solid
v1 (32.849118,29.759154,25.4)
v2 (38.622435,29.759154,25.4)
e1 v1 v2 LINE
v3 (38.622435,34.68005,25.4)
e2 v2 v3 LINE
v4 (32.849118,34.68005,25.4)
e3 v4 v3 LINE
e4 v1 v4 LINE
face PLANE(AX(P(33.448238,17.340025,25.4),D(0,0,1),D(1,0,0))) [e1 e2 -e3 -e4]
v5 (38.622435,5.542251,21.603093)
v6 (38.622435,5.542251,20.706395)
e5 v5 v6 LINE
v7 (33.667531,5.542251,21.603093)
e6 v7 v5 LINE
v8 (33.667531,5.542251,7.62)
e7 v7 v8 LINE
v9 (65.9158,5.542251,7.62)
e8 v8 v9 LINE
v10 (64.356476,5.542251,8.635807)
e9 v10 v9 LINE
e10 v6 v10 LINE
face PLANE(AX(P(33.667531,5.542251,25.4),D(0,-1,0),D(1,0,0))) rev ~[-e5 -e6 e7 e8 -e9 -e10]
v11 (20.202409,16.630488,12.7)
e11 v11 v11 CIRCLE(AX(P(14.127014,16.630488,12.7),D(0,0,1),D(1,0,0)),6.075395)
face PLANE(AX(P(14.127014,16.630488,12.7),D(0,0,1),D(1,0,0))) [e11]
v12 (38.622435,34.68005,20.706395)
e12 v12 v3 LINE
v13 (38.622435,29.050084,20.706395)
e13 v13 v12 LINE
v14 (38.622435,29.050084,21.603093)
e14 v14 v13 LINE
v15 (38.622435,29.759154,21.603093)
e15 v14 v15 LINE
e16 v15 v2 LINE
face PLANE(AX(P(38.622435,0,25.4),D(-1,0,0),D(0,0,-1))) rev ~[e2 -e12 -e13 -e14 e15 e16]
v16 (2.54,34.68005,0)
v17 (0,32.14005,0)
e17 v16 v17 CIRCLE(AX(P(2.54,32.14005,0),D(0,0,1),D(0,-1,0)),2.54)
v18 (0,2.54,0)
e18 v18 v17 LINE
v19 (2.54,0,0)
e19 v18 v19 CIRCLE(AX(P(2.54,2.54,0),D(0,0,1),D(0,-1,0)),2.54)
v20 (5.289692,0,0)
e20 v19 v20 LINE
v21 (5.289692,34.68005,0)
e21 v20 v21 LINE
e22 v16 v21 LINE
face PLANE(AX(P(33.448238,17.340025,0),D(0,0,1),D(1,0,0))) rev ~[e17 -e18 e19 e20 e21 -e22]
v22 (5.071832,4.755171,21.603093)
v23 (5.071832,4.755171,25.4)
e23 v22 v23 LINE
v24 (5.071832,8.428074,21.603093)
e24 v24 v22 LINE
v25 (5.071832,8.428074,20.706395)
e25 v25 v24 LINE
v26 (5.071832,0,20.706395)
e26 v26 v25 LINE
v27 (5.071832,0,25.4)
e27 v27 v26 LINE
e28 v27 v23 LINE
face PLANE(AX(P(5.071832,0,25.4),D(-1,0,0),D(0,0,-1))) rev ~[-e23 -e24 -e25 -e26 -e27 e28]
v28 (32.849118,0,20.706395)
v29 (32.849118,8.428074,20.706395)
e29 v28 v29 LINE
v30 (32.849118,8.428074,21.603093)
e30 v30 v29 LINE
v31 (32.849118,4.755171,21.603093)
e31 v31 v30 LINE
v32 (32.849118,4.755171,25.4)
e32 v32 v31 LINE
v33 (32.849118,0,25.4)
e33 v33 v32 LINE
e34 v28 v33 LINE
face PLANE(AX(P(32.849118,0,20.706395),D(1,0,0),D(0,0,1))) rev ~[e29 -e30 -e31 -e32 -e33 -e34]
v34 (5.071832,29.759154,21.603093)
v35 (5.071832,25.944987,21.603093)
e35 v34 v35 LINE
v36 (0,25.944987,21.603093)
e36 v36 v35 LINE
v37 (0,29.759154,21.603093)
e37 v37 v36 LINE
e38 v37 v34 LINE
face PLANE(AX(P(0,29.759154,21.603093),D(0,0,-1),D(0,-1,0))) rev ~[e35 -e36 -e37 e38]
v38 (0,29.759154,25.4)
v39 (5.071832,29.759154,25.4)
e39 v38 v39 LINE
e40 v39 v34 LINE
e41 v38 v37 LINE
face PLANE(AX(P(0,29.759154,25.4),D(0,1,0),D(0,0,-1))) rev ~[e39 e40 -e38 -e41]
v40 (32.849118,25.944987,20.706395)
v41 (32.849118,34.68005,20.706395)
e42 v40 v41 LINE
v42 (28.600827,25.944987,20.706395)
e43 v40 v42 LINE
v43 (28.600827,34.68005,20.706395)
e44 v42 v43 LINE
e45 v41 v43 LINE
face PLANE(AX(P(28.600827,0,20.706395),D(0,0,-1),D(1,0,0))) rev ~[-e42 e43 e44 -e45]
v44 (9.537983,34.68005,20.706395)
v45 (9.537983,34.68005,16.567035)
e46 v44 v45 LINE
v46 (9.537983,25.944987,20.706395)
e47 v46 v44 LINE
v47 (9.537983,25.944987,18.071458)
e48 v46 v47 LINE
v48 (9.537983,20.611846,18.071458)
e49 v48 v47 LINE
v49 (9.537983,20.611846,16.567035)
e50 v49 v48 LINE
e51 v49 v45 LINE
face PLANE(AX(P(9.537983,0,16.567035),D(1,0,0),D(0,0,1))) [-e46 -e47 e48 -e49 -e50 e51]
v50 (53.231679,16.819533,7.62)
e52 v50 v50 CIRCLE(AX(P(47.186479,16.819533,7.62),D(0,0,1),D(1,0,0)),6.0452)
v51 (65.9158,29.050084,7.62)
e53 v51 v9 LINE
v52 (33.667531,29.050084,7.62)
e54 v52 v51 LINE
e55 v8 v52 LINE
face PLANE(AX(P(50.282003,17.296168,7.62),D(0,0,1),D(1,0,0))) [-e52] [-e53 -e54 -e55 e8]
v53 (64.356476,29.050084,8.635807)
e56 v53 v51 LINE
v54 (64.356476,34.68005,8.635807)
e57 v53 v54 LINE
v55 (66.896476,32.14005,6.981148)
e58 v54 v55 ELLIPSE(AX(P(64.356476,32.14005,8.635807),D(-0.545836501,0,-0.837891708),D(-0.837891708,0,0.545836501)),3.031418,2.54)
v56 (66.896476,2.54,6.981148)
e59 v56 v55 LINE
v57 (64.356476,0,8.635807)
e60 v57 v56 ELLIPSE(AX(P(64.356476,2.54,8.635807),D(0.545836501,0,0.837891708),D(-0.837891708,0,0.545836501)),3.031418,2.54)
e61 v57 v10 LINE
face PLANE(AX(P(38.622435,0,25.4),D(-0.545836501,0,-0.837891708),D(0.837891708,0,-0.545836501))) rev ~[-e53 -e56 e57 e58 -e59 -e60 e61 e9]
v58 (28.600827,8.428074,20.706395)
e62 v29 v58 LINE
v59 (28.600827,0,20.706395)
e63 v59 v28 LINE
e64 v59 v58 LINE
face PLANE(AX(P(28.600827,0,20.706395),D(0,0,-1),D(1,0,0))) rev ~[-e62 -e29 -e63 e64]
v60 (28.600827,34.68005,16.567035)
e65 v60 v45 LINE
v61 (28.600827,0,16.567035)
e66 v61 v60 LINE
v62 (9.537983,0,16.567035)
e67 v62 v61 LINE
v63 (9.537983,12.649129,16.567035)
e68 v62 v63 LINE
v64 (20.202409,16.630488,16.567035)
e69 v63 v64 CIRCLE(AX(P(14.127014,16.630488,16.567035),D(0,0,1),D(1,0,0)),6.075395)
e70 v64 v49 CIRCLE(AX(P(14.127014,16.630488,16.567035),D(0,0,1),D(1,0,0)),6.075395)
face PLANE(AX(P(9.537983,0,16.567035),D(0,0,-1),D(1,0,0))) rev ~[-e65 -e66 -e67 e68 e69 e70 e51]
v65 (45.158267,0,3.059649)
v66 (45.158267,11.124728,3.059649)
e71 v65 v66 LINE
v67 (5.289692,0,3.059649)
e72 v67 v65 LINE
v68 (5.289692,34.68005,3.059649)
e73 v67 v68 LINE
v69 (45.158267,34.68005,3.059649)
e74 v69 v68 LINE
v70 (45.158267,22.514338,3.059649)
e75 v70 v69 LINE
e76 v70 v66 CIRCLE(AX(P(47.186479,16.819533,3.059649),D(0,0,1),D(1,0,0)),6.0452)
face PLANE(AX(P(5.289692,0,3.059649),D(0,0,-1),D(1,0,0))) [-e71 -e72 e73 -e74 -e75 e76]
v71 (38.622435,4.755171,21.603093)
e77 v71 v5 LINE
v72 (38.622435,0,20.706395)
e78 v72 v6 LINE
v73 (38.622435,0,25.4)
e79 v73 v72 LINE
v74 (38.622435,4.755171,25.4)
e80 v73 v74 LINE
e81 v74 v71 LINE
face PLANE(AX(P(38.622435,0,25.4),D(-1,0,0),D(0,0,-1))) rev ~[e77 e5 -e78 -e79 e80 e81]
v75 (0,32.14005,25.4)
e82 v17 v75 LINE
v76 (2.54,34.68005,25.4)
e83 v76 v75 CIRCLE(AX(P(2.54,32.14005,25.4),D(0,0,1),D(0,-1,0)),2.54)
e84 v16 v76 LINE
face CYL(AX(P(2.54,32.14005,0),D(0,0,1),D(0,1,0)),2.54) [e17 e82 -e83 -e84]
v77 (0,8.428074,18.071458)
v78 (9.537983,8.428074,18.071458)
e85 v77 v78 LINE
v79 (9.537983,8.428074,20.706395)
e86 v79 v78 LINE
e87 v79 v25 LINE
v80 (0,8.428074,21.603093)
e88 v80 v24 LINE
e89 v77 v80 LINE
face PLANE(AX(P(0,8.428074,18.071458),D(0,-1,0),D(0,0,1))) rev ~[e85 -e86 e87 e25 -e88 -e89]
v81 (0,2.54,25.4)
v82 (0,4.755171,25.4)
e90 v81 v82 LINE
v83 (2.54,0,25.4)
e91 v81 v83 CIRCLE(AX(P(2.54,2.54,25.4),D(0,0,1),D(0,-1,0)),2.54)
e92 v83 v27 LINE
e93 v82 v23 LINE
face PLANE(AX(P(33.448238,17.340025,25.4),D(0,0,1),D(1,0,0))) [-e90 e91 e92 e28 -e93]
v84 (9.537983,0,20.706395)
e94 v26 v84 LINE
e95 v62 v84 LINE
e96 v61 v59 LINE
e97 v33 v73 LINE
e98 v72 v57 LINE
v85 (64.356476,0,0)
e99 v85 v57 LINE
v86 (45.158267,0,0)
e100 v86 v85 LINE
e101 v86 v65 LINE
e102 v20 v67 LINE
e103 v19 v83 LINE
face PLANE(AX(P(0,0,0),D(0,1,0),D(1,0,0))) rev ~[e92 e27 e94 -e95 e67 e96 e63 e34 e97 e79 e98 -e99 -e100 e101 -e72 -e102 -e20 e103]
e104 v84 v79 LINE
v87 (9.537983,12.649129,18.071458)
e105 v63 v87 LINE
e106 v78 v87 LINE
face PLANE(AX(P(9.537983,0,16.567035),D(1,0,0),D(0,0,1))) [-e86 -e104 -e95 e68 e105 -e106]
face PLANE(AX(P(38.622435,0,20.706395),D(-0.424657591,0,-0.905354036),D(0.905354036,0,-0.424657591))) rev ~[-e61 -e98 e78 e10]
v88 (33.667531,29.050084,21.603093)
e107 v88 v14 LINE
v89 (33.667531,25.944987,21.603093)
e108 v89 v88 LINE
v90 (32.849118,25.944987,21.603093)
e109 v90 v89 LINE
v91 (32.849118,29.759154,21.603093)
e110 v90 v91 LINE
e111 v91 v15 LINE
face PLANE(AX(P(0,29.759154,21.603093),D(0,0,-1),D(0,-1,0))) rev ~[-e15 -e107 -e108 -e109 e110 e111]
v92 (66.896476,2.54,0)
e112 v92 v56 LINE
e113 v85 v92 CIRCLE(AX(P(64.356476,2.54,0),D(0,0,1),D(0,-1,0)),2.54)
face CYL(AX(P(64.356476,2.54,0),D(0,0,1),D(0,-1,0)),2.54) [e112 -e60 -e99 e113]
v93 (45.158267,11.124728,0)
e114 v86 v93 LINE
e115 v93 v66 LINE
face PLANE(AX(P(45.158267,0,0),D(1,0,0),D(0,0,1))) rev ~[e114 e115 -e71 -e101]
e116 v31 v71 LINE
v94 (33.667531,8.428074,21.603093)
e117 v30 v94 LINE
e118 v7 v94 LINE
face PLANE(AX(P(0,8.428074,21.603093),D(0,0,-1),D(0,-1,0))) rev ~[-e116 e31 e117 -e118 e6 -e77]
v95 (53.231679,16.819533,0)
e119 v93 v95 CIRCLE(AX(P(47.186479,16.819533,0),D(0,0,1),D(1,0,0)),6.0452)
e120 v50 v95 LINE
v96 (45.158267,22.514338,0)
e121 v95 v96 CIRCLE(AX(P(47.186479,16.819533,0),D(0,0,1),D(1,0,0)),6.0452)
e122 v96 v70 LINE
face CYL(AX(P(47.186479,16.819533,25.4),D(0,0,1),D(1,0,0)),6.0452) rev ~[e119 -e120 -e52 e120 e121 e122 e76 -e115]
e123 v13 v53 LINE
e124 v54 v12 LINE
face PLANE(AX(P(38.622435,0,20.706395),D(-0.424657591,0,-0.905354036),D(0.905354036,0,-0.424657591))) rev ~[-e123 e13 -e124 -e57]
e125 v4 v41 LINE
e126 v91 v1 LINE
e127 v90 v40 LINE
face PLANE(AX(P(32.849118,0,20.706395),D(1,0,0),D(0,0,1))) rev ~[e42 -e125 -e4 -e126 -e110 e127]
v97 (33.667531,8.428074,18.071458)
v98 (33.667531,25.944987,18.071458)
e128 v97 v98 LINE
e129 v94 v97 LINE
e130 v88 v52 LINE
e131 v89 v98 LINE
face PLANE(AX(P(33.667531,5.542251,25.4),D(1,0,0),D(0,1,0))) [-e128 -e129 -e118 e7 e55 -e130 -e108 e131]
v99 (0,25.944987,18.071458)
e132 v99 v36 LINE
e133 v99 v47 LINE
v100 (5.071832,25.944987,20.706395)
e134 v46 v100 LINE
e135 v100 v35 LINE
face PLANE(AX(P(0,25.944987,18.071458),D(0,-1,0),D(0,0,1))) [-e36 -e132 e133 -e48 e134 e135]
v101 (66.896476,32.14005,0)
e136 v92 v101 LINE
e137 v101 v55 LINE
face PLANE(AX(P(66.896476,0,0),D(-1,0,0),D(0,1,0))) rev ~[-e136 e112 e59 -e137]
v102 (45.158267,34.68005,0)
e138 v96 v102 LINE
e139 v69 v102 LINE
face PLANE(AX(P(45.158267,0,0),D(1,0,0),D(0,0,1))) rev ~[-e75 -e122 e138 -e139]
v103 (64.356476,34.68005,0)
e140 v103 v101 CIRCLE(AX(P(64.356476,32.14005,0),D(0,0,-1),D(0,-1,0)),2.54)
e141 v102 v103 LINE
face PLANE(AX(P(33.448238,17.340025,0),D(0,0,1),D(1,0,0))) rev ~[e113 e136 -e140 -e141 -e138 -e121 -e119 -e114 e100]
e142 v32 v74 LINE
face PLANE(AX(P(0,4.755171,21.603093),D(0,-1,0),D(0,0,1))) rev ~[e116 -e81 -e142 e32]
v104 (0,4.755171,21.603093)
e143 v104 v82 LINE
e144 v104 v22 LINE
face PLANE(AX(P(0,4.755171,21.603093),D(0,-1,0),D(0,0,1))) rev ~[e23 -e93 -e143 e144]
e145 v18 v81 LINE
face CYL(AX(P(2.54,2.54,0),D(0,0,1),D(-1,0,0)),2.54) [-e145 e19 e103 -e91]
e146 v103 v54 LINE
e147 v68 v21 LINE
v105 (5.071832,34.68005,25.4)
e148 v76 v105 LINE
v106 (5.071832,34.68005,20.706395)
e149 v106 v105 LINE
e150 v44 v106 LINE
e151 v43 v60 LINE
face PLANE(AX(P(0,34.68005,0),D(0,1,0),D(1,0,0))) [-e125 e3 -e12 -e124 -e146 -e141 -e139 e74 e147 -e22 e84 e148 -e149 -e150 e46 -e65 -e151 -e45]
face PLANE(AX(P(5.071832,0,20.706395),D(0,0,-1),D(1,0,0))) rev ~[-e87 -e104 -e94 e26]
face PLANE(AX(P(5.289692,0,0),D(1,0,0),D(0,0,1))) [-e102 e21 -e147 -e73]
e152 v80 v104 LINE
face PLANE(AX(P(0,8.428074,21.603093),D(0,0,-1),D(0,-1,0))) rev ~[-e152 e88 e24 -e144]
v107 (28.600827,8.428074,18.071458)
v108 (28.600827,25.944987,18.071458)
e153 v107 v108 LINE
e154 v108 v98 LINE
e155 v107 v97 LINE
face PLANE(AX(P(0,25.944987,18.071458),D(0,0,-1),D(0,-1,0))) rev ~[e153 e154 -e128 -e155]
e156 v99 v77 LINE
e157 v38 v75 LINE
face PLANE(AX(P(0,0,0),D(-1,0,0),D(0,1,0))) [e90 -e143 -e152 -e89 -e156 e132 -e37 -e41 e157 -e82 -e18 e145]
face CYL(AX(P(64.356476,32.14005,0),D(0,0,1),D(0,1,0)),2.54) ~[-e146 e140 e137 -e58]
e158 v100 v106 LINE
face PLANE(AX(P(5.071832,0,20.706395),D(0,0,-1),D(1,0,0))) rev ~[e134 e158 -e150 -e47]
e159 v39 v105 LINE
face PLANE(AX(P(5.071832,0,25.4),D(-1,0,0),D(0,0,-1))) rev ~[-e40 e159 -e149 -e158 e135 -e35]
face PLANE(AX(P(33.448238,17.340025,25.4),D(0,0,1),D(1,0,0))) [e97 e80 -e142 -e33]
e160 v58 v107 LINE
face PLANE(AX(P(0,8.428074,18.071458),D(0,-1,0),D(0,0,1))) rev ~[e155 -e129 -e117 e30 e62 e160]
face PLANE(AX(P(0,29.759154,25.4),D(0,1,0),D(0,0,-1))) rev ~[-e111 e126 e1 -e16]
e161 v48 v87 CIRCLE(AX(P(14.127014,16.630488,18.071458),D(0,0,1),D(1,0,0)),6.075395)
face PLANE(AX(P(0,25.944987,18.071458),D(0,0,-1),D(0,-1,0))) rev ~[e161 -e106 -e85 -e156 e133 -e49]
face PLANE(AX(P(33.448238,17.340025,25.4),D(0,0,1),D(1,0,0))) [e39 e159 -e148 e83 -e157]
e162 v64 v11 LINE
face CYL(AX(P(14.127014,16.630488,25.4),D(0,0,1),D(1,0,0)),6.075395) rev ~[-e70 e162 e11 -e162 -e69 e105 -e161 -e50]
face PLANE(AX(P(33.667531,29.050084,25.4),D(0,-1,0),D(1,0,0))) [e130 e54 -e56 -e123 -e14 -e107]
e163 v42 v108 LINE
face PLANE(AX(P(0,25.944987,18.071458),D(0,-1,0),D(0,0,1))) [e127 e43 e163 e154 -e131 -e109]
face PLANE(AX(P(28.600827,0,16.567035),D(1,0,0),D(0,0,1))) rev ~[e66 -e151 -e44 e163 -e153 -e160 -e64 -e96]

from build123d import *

# Parameters (mm, degrees)
F0_W      = 66.8964758515
F0_H      = 34.6800498664
F1_DEPTH  = 25.4
F2_R      = 6.0452
F3_DEPTH  = 25.401
F4_R      = 6.0753950253
F5_DEPTH  = 12.7
F6_W      = 33.2289449871
F6_H      = 23.5078325495
F6_R      = 6.0452
F7_DEPTH  = 17.78
F8_W      = 19.0628441051
F8_H      = 4.1393600404
F8_W_2    = 39.8685750552
F8_H_2    = 3.0596489087
F9_DEPTH  = 34.6810498664
F10_W     = 17.5169128925
F10_H     = 3.5316348076
F11_DEPTH = 66.8974758515
F12_R     = 2.54
F13_R     = 2.54
F15_DEPTH = 34.6810498664


with BuildPart() as f1:
    # F0 (on Top) → F1 (new body)
    with BuildSketch(Plane.XY):
        with Locations((33.4482379258, 17.3400249332)):
            Rectangle(F0_W, F0_H)
    extrude(amount=F1_DEPTH)

    # F2 (on face) → F3 (cut, through all)
    with BuildSketch(Plane.XY.offset(25.4)):
        with Locations((47.1864789724, 16.8195329607)):
            Circle(F2_R)
    extrude(amount=-F3_DEPTH, mode=Mode.SUBTRACT)

    # F4 (on face) → F5 (cut)
    with BuildSketch(Plane.XY.offset(25.4)):
        with Locations((14.1270142049, 16.6304875165)):
            Circle(F4_R)
    extrude(amount=-F5_DEPTH, mode=Mode.SUBTRACT)

    # F6 (on face) → F7 (cut)
    with BuildSketch(Plane.XY.offset(25.4)):
        with Locations((50.282003358, 17.2961675562)):
            Rectangle(F6_W, F6_H)
        with Locations((47.1864789724, 16.8195329607)):
            Circle(F6_R, mode=Mode.SUBTRACT)
    extrude(amount=-F7_DEPTH, mode=Mode.SUBTRACT)

    # F8 (on face) → F9 (cut, through all)
    with BuildSketch(Plane.XZ):
        with Locations((19.0694048069, 18.6367146671)):
            Rectangle(F8_W, F8_H)
        Polygon((32.8491181135, 25.4), (5.0718318671, 25.4), (5.0718318671, 20.7063946873), (9.5379827544, 20.7063946873), (28.6008268595, 20.7063946873), (32.8491181135, 20.7063946873), align=None)
        Polygon((66.8964758515, 25.4), (38.6224351823, 25.4), (66.8964758515, 6.9811479189), align=None)
        with Locations((25.2239794936, 1.5298244543)):
            Rectangle(F8_W_2, F8_H_2)
    extrude(amount=-F9_DEPTH, mode=Mode.SUBTRACT)

    # F10 (on face) → F11 (cut, through all)
    with BuildSketch(Plane(origin=(0, 0, 0), x_dir=(0, -1, 0), z_dir=(-1, 0, 0))):
        Polygon((-4.7551710159, 25.4), (-29.7591537237, 25.4), (-29.7591537237, 21.6030925512), (-25.944987312, 21.6030925512), (-8.4280744195, 21.6030925512), (-4.7551710159, 21.6030925512), align=None)
        with Locations((-17.1865308657, 19.8372751474)):
            Rectangle(F10_W, F10_H)
    extrude(amount=-F11_DEPTH, mode=Mode.SUBTRACT)

    # F12
    f12_edges = [f1.edges().sort_by_distance(p)[0] for p in [
        (66.896476, 0, 3.490574),
        (66.896476, 34.68005, 3.490574),
    ]]
    fillet(f12_edges, radius=F12_R)

    # F13
    f13_edges = [f1.edges().sort_by_distance(p)[0] for p in [
        (0, 34.68005, 12.7),
        (0, 0, 12.7),
    ]]
    fillet(f13_edges, radius=F13_R)

    # F14 (on face) → F15 (cut, through all)
    with BuildSketch(Plane.XZ):
        Polygon((64.3564758515, 8.6358065095), (38.6224351823, 25.4), (38.6224351823, 20.7063946873), align=None)
    extrude(amount=-F15_DEPTH, mode=Mode.SUBTRACT)


solid = f1.part
